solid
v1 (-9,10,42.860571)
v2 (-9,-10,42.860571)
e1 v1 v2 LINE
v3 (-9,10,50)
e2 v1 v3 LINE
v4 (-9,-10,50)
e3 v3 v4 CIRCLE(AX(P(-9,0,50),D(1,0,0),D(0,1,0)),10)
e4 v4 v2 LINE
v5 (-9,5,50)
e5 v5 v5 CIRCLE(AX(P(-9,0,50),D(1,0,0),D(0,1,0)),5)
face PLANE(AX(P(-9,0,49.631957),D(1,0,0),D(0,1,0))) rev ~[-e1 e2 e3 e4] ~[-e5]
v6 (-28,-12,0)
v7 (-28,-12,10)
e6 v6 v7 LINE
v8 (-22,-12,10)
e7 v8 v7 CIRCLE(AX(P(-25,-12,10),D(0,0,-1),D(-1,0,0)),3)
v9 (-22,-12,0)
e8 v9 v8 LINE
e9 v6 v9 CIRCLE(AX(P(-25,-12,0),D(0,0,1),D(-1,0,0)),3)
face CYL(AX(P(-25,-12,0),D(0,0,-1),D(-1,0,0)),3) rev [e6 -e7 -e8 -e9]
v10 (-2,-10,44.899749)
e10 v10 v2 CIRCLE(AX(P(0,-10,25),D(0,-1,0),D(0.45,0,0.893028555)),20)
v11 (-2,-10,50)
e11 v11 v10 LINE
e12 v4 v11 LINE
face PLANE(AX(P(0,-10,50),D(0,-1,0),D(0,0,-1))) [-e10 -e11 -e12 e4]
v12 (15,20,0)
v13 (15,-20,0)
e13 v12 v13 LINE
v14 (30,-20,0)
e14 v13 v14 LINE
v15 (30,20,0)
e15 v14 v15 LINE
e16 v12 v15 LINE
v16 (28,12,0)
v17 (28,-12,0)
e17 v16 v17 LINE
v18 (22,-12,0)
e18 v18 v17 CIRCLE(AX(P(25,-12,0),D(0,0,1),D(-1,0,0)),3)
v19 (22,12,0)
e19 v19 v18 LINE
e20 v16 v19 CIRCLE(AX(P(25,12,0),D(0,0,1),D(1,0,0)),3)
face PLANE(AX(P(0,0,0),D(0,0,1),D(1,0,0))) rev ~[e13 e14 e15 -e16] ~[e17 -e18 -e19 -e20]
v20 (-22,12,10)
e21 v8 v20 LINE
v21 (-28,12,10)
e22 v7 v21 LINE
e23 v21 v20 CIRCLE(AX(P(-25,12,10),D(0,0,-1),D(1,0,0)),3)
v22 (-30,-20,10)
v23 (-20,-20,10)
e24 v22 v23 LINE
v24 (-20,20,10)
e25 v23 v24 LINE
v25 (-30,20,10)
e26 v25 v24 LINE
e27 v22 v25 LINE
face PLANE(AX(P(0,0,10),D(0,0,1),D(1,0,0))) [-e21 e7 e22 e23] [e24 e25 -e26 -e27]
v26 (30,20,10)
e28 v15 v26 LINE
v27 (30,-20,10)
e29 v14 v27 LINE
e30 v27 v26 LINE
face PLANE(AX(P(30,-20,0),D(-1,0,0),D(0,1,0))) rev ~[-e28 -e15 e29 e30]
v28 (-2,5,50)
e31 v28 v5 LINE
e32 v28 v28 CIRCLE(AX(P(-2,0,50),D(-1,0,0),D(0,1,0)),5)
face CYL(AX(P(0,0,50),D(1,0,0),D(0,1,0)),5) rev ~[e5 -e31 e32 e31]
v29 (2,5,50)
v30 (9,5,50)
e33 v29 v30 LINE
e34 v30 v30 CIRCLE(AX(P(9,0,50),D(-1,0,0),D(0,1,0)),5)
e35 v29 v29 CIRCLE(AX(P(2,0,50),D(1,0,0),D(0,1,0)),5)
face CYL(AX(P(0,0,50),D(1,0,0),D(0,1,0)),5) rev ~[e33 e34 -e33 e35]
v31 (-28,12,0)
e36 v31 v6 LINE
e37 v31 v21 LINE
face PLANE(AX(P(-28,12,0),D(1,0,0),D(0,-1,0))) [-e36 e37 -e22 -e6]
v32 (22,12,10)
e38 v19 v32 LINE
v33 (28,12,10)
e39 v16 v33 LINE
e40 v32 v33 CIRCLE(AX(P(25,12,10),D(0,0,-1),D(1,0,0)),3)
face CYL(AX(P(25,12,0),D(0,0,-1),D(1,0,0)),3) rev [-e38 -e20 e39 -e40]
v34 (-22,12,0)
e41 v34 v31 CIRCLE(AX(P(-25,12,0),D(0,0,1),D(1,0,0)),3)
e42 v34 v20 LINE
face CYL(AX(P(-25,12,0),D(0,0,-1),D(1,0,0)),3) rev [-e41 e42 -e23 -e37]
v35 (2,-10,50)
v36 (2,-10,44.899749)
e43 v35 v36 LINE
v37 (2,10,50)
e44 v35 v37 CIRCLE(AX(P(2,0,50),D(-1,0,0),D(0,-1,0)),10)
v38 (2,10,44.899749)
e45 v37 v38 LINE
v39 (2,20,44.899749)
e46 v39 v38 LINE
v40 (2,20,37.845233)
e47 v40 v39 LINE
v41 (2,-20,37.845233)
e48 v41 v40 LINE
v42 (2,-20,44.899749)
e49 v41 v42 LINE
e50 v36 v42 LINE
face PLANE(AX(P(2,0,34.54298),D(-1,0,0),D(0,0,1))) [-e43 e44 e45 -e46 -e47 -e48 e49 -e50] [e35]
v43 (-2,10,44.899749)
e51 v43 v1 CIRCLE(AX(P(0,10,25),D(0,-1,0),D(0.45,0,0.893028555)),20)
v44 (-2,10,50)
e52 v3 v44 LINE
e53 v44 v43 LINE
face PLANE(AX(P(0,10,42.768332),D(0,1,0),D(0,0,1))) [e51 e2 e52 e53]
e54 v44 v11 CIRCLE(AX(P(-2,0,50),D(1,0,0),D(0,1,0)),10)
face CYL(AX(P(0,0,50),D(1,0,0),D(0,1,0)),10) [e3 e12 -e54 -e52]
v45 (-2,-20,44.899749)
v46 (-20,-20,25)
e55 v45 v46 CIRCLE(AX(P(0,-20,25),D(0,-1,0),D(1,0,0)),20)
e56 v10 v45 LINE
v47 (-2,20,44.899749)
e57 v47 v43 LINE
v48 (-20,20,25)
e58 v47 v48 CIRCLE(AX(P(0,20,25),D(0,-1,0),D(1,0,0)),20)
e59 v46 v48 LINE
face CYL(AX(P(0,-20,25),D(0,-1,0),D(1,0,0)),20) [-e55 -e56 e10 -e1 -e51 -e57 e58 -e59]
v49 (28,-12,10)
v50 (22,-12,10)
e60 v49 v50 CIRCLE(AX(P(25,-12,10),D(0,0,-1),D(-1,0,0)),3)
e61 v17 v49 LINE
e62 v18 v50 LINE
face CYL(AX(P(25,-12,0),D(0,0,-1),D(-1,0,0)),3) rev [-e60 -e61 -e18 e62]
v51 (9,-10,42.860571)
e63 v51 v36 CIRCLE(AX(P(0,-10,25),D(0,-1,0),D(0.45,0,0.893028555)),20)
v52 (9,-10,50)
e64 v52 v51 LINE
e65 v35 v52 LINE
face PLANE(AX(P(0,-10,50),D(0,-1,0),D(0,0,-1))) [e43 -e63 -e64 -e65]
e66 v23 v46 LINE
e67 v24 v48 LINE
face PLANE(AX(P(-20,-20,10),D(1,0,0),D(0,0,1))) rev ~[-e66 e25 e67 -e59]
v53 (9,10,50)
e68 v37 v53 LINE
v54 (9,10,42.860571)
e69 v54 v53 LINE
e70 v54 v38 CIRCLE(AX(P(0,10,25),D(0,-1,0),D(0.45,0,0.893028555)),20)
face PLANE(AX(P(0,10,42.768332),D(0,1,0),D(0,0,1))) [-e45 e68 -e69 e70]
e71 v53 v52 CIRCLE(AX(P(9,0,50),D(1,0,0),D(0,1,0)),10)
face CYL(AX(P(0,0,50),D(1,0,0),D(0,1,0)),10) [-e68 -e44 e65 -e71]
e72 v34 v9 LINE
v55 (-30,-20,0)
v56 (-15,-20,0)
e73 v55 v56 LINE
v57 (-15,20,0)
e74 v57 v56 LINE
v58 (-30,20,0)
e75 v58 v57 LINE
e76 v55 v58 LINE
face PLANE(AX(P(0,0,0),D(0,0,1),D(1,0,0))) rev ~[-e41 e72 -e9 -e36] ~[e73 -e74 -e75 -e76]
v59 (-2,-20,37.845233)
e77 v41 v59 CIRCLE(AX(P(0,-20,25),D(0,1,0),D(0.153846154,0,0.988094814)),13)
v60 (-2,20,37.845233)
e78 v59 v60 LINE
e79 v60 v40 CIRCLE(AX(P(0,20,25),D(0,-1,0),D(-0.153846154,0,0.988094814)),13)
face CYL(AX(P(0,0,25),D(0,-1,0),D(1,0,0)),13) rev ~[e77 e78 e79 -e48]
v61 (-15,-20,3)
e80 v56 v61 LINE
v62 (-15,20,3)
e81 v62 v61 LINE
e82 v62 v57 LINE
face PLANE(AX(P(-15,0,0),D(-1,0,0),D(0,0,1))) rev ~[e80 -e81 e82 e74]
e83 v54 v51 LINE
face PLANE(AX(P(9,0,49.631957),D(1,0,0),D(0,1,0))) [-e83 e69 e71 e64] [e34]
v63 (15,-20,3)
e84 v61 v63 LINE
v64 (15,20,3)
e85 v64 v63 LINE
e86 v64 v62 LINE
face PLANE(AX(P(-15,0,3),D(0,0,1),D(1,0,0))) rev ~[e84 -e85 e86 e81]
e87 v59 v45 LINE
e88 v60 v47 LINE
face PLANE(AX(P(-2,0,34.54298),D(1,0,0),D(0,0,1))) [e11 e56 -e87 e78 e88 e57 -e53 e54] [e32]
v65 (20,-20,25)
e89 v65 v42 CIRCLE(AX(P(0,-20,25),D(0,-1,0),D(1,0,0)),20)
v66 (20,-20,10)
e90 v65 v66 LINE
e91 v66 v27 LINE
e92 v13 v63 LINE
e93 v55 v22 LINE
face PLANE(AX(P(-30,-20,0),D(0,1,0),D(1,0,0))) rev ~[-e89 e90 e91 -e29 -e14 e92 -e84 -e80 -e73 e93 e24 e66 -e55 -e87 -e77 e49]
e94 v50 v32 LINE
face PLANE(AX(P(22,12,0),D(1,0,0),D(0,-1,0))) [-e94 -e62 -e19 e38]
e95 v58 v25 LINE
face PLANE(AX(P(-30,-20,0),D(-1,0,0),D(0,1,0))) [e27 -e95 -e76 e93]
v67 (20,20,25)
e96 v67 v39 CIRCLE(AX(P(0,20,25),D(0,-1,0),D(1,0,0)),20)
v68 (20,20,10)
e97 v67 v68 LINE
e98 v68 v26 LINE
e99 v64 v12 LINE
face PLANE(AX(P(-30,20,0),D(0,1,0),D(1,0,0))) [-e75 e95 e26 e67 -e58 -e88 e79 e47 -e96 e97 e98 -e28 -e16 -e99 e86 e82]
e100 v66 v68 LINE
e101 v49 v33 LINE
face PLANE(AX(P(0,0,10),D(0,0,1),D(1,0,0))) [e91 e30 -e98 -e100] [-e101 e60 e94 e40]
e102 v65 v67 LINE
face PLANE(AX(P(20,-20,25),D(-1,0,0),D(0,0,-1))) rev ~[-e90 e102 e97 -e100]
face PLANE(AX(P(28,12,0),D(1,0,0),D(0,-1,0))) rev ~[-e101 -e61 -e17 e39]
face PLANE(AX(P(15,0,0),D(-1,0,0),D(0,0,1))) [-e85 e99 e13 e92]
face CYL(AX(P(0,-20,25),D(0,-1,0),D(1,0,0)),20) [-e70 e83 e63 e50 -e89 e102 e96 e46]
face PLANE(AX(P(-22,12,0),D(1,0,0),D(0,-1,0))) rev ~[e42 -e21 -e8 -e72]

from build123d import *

# Parameters (mm, degrees)
SKETCH_W             = 60
SKETCH_H             = 40
PAD_DEPTH            = 10
PAD001_DEPTH         = 40
PAD002_DEPTH         = 9
PAD002_DEPTH_BACK    = 9
SKETCH003_R          = 5
POCKET_DEPTH         = 10
POCKET_DEPTH_BACK    = -10
SKETCH004_R          = 13
POCKET001_DEPTH      = 20
POCKET001_DEPTH_BACK = -20
SKETCH005_W          = 4
SKETCH005_H          = 29.604214
POCKET002_DEPTH      = 20
POCKET002_DEPTH_BACK = -20
SKETCH006_W          = 30
SKETCH006_H          = 3
POCKET003_DEPTH      = 55
POCKET003_DEPTH_BACK = -150
POCKET004_DEPTH      = 5
POCKET004_DEPTH_BACK = -100
POCKET005_DEPTH      = 5
POCKET005_DEPTH_BACK = -100


with BuildPart() as part:
    # Sketch → Pad (new body)
    with BuildSketch(Plane.XY):
        Rectangle(SKETCH_W, SKETCH_H)
    extrude(amount=PAD_DEPTH)

    # Sketch001 (on Face3 of Pad) → Pad001 (join)
    with BuildSketch(Plane.XZ.offset(20)):
        with BuildLine():
            Line((-20, 10), (-20, 25))
            ThreePointArc((20, 25), (0, 45), (-20, 25))
            Line((20, 25), (20, 10))
            Line((20, 10), (-20, 10))
        make_face()
    extrude(amount=-PAD001_DEPTH)

    # Sketch002 → Pad002 (join, two sides)
    with BuildSketch(Plane.YZ) as pad002_sk:
        with BuildLine():
            Line((10, 42.768332), (10, 50))
            ThreePointArc((10, 50), (0, 60), (-10, 50))
            Line((-10, 50), (-10, 42.768332))
            Line((10, 42.768332), (-10, 42.768332))
        make_face()
    extrude(amount=PAD002_DEPTH)
    extrude(pad002_sk.sketch, amount=-PAD002_DEPTH_BACK)

    # Sketch003 → Pocket (cut, two sides)
    with BuildSketch(Plane.YZ) as pocket_sk:
        with Locations((0, 50)):
            Circle(SKETCH003_R)
    extrude(amount=-POCKET_DEPTH, mode=Mode.SUBTRACT)
    extrude(pocket_sk.sketch, amount=-POCKET_DEPTH_BACK, mode=Mode.SUBTRACT)

    # Sketch004 → Pocket001 (cut, two sides)
    with BuildSketch(Plane.XZ) as pocket001_sk:
        with Locations((0, 25)):
            Circle(SKETCH004_R)
    extrude(amount=-POCKET001_DEPTH, mode=Mode.SUBTRACT)
    extrude(pocket001_sk.sketch, amount=-POCKET001_DEPTH_BACK, mode=Mode.SUBTRACT)

    # Sketch005 → Pocket002 (cut, two sides)
    with BuildSketch(Plane.XZ) as pocket002_sk:
        with Locations((0, 49.345087)):
            Rectangle(SKETCH005_W, SKETCH005_H)
    extrude(amount=-POCKET002_DEPTH, mode=Mode.SUBTRACT)
    extrude(pocket002_sk.sketch, amount=-POCKET002_DEPTH_BACK, mode=Mode.SUBTRACT)

    # Sketch006 → Pocket003 (cut, two sides)
    with BuildSketch(Plane.XZ) as pocket003_sk:
        with Locations((0, 1.5)):
            Rectangle(SKETCH006_W, SKETCH006_H)
    extrude(amount=-POCKET003_DEPTH, mode=Mode.SUBTRACT)
    extrude(pocket003_sk.sketch, amount=-POCKET003_DEPTH_BACK, mode=Mode.SUBTRACT)

    # Sketch007 → Pocket004 (cut, two sides)
    with BuildSketch(Plane.XY) as pocket004_sk:
        with BuildLine():
            ThreePointArc((-22, 12), (-25, 15), (-28, 12))
            Line((-28, 12), (-28, -12))
            ThreePointArc((-28, -12), (-25, -15), (-22, -12))
            Line((-22, 12), (-22, -12))
        make_face()
    extrude(amount=-POCKET004_DEPTH, mode=Mode.SUBTRACT)
    extrude(pocket004_sk.sketch, amount=-POCKET004_DEPTH_BACK, mode=Mode.SUBTRACT)

    # Sketch008 → Pocket005 (cut, two sides)
    with BuildSketch(Plane.XY) as pocket005_sk:
        with BuildLine():
            ThreePointArc((28, 12), (25, 15), (22, 12))
            Line((22, 12), (22, -12))
            ThreePointArc((22, -12), (25, -15), (28, -12))
            Line((28, 12), (28, -12))
        make_face()
    extrude(amount=-POCKET005_DEPTH, mode=Mode.SUBTRACT)
    extrude(pocket005_sk.sketch, amount=-POCKET005_DEPTH_BACK, mode=Mode.SUBTRACT)


solid = part.part
